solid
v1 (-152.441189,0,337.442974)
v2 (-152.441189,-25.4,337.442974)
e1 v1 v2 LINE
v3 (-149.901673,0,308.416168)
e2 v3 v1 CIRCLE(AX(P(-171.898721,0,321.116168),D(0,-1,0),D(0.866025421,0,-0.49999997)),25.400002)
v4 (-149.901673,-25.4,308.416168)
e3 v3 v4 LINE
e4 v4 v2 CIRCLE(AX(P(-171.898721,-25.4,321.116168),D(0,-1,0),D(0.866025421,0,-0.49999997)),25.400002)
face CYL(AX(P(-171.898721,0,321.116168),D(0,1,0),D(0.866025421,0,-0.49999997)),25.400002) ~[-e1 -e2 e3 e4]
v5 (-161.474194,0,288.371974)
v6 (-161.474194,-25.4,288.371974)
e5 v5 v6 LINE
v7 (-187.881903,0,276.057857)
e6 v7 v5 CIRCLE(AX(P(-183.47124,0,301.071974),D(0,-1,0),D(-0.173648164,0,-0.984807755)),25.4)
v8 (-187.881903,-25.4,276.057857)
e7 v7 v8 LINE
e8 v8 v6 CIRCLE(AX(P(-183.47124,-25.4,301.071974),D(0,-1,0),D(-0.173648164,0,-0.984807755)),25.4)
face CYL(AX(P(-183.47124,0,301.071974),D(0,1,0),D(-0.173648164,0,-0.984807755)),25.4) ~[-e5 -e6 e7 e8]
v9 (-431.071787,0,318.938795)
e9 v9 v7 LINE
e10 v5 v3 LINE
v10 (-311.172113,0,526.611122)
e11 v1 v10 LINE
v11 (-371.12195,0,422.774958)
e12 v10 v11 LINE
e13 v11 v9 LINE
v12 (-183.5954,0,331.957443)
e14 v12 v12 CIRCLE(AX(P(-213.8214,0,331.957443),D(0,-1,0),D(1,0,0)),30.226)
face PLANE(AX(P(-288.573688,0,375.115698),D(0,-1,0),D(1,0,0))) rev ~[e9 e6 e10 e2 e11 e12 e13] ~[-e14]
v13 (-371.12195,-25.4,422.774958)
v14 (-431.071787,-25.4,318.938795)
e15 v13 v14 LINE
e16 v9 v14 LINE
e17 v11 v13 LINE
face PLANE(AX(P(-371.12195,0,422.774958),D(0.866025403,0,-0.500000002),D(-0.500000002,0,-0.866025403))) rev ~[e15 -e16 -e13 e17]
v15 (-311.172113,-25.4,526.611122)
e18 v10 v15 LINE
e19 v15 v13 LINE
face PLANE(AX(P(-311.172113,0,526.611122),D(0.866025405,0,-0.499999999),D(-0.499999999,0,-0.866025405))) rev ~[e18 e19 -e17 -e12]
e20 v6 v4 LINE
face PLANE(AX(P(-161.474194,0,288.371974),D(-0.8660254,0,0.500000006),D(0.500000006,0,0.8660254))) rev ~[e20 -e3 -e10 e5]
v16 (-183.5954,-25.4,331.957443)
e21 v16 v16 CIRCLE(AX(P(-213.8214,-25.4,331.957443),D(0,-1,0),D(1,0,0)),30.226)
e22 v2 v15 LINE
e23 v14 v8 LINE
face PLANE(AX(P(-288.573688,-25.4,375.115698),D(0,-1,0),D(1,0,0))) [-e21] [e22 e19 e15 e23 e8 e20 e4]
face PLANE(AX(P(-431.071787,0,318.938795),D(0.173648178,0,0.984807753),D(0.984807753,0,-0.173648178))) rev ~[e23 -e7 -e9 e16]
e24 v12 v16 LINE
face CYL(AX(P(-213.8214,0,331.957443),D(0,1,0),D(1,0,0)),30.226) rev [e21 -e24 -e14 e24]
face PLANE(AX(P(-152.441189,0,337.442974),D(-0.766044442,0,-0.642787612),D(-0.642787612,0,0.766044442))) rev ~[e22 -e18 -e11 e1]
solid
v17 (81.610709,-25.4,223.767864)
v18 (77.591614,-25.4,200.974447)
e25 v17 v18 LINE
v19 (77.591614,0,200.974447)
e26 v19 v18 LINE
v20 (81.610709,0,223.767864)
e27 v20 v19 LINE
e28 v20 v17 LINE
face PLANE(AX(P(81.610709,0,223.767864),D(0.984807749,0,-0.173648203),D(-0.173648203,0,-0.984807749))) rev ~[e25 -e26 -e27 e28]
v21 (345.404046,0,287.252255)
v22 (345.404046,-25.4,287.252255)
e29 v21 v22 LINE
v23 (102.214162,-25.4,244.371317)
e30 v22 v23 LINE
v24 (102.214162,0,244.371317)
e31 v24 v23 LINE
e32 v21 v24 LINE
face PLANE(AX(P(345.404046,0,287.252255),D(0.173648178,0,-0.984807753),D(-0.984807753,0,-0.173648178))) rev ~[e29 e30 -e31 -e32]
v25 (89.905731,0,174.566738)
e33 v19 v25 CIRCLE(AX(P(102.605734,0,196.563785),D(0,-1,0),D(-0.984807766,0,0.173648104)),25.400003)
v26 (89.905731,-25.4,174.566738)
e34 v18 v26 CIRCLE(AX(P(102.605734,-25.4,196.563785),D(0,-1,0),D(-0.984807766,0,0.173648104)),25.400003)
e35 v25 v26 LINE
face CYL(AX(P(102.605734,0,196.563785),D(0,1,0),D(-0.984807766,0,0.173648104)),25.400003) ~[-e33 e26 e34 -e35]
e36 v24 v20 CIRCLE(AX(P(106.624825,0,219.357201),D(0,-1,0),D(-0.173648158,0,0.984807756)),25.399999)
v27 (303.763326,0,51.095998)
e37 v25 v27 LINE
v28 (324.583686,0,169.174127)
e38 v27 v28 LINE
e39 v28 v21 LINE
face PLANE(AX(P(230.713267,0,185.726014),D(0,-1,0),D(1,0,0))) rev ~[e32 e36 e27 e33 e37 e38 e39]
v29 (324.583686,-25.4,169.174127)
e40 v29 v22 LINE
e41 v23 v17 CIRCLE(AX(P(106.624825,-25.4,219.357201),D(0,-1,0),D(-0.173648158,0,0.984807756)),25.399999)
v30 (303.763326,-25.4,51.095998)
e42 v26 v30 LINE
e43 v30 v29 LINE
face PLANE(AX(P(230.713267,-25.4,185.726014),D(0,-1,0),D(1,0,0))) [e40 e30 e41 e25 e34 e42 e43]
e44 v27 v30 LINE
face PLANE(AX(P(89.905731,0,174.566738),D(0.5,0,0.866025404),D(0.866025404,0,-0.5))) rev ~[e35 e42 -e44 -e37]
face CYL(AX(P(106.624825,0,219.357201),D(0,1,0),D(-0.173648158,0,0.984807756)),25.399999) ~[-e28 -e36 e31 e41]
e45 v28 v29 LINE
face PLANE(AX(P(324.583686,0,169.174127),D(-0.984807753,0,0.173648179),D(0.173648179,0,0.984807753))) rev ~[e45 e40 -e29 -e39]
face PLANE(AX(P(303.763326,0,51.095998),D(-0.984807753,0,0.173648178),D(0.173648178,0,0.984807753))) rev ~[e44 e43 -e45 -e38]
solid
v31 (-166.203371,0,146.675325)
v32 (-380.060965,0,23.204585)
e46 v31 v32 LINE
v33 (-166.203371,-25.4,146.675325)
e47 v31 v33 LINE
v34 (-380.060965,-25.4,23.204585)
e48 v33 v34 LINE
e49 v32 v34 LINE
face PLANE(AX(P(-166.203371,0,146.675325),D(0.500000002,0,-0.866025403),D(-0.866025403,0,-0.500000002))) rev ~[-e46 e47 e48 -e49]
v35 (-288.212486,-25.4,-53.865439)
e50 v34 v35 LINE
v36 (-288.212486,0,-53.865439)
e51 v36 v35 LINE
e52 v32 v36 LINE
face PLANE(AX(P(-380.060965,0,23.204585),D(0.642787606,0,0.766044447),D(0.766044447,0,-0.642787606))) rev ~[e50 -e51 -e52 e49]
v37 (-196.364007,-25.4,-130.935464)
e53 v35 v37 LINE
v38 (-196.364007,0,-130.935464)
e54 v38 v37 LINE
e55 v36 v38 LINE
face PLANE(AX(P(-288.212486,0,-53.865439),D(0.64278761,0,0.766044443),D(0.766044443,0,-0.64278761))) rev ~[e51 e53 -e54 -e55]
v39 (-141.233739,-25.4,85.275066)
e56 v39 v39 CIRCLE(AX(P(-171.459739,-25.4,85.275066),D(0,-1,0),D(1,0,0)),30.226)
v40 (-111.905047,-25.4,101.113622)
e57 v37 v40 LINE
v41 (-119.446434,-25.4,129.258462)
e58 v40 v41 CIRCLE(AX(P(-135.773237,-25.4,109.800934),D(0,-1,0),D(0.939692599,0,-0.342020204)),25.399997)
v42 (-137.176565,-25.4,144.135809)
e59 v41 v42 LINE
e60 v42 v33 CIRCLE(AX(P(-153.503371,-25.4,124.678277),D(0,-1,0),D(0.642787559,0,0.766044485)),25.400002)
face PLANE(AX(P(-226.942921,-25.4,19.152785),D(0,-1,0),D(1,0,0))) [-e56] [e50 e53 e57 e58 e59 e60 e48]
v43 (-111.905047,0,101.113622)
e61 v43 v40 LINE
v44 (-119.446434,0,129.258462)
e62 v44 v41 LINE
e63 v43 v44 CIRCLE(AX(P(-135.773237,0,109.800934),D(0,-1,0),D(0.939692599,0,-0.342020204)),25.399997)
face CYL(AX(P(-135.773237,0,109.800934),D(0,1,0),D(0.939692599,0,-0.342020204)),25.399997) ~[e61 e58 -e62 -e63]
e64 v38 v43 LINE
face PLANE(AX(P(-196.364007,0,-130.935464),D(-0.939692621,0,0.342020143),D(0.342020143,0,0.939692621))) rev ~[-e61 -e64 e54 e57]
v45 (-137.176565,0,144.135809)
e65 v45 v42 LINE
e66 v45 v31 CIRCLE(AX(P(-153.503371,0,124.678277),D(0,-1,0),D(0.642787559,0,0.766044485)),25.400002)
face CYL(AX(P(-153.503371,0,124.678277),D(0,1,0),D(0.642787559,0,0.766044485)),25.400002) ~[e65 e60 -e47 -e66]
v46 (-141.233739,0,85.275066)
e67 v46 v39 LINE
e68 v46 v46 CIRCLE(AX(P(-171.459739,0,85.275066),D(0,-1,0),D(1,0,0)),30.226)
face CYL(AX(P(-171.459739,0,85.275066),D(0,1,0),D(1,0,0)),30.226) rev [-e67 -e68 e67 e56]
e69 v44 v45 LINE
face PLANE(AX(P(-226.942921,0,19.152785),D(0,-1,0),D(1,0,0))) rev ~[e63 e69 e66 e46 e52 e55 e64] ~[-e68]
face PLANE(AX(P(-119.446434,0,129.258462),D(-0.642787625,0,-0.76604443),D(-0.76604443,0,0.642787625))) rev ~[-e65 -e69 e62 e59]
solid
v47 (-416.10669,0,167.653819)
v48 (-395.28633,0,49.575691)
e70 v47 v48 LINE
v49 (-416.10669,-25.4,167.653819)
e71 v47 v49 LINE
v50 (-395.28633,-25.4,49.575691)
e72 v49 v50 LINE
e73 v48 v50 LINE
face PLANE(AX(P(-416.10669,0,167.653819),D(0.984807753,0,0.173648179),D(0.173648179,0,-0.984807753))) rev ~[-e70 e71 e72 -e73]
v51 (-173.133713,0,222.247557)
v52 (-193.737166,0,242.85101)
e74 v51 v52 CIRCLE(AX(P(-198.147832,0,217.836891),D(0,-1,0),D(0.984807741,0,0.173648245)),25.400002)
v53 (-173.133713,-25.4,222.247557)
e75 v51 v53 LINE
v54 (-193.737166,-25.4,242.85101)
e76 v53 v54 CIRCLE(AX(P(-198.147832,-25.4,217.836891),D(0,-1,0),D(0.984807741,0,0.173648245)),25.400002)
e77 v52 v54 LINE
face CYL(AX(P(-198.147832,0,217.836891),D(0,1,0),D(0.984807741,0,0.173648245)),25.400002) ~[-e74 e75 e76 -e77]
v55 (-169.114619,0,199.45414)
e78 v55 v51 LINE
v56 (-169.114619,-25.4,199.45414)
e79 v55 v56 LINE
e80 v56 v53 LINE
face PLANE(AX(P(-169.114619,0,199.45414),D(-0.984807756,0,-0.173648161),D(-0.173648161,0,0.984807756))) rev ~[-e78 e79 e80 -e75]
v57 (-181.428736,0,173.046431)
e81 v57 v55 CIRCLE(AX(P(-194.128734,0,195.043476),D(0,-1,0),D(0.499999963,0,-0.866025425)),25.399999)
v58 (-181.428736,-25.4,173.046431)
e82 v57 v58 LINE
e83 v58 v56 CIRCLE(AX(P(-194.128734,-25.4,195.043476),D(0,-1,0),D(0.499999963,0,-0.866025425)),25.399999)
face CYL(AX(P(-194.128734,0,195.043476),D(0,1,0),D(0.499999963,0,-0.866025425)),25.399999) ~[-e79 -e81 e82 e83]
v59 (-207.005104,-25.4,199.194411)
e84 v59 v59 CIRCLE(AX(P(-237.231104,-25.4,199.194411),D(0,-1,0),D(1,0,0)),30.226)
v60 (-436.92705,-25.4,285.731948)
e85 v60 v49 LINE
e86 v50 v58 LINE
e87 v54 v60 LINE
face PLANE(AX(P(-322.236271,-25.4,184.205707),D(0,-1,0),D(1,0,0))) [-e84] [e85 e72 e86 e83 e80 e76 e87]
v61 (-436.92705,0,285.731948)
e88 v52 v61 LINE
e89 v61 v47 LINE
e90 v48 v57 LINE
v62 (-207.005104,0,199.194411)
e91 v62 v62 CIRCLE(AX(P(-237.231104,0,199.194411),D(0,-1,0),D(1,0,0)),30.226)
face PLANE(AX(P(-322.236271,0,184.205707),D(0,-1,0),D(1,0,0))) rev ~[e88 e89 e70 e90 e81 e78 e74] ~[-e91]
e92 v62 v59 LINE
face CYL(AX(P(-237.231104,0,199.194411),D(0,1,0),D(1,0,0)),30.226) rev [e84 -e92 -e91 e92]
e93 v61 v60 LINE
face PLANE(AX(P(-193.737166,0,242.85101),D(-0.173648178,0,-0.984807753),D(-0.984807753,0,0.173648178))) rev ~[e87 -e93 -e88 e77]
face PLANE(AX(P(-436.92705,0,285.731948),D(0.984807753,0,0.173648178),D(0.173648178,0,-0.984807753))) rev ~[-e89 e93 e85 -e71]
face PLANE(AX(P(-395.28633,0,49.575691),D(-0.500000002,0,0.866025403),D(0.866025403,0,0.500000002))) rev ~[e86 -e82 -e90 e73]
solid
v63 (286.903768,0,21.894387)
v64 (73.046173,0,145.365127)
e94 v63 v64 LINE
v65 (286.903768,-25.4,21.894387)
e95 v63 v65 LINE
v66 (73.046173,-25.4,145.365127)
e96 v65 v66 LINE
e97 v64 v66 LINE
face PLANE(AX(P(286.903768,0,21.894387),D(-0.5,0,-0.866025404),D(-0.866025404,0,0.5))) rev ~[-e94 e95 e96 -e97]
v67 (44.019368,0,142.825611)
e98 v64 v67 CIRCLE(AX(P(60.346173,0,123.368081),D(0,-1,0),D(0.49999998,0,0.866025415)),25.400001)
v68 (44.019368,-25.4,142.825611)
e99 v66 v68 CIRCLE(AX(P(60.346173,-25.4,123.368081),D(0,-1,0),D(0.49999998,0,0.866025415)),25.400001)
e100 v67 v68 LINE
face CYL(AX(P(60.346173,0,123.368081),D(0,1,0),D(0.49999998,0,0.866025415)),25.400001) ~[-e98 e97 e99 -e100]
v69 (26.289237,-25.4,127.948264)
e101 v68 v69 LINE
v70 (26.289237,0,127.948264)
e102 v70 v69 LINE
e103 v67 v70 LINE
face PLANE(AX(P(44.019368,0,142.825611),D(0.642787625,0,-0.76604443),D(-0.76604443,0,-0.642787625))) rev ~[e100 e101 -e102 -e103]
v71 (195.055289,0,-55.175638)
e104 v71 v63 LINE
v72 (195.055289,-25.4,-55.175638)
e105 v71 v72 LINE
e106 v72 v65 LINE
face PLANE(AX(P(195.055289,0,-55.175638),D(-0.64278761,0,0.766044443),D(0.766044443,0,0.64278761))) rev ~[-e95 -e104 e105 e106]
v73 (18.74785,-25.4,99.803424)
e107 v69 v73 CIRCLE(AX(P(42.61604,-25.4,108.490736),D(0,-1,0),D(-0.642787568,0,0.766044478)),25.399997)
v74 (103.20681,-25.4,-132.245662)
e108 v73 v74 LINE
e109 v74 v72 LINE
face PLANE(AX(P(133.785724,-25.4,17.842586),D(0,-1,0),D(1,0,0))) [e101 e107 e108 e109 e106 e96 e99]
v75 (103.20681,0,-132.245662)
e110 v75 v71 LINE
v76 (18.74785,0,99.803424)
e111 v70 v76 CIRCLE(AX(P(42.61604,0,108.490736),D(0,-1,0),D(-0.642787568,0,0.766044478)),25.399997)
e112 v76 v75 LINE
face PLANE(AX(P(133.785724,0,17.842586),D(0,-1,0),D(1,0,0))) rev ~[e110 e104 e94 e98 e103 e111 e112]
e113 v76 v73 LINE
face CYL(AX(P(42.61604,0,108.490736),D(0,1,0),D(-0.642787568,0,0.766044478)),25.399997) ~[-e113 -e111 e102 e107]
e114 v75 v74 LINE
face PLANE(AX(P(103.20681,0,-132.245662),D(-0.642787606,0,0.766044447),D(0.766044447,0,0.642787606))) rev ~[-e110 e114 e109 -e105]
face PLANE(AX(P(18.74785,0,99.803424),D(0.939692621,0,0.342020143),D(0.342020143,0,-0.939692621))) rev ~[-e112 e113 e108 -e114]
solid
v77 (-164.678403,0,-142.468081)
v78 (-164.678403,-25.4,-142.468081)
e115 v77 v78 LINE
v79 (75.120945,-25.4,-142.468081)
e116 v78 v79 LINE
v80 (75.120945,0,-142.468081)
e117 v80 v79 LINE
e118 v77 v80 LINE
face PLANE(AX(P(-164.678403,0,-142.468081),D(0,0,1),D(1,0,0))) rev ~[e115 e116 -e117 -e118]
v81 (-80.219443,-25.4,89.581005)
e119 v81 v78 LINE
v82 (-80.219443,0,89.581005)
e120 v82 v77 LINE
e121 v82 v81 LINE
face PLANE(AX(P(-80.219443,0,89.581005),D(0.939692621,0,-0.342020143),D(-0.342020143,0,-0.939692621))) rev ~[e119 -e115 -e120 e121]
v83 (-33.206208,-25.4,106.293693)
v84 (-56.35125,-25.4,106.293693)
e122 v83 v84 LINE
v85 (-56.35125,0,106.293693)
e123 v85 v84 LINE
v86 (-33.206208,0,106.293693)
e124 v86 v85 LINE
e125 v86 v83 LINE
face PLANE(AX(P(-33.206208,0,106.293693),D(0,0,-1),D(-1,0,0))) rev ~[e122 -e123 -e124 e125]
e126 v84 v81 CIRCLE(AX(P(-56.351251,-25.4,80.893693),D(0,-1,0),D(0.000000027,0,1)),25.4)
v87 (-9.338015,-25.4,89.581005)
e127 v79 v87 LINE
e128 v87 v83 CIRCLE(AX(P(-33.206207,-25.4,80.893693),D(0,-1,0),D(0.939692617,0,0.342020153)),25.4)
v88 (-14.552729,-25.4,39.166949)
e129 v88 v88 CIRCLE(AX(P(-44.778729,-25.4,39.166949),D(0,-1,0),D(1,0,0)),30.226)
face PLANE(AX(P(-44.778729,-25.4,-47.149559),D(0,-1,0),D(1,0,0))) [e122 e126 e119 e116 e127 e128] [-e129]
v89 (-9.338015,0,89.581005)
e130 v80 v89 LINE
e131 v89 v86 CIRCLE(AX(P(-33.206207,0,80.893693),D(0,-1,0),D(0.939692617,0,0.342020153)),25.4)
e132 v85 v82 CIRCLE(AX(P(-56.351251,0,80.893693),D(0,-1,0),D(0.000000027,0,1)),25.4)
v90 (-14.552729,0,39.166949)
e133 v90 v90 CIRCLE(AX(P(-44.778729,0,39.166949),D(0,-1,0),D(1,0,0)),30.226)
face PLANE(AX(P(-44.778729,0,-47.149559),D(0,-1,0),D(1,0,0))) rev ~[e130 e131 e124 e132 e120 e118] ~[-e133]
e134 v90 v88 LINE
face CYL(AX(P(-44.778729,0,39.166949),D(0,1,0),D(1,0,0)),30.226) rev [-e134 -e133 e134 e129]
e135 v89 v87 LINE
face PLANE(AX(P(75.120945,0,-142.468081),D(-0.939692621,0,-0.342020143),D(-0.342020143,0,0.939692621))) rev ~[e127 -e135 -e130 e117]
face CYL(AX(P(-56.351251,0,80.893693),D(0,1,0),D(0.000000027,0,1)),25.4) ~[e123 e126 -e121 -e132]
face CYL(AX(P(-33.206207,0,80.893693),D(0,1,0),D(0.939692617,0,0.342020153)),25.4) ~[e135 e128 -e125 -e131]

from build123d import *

# Parameters (mm, degrees)
F0_R     = 30.226
F1_DEPTH = 25.4


with BuildPart() as f1:
    # F0 (on Front) → F1 (new body)
    with BuildSketch(Plane.XZ):
        with BuildLine():
            Line((-166.203371, 146.675325), (-380.060965, 23.204585))
            Line((-380.060965, 23.204585), (-288.212486, -53.865439))
            Line((-288.212486, -53.865439), (-196.364007, -130.935464))
            Line((-196.364007, -130.935464), (-111.905047, 101.113622))
            ThreePointArc((-111.905047, 101.113622), (-111.238723, 116.374937), (-119.446434, 129.258462))
            Line((-119.446434, 129.258462), (-137.176565, 144.135809))
            ThreePointArc((-137.176565, 144.135809), (-151.289615, 149.981625), (-166.203371, 146.675325))
        make_face()
        with Locations((-171.459739, 85.275066)):
            Circle(F0_R, mode=Mode.SUBTRACT)
        with BuildLine():
            Line((81.610709, 223.767864), (77.591614, 200.974447))
            ThreePointArc((77.591614, 200.974447), (79.585514, 185.829279), (89.905731, 174.566738))
            Line((89.905731, 174.566738), (303.763326, 51.095998))
            Line((303.763326, 51.095998), (324.583686, 169.174127))
            Line((324.583686, 169.174127), (345.404046, 287.252255))
            Line((345.404046, 287.252255), (102.214162, 244.371317))
            ThreePointArc((102.214162, 244.371317), (88.664314, 237.317713), (81.610709, 223.767864))
        make_face()
        with BuildLine():
            ThreePointArc((73.046173, 145.365127), (58.132418, 148.671427), (44.019368, 142.825611))
            Line((44.019368, 142.825611), (26.289237, 127.948264))
            ThreePointArc((26.289237, 127.948264), (18.081526, 115.064739), (18.74785, 99.803424))
            Line((18.74785, 99.803424), (103.20681, -132.245662))
            Line((103.20681, -132.245662), (195.055289, -55.175638))
            Line((195.055289, -55.175638), (286.903768, 21.894387))
            Line((286.903768, 21.894387), (73.046173, 145.365127))
        make_face()
        with BuildLine():
            Line((-193.737166, 242.85101), (-436.92705, 285.731948))
            Line((-436.92705, 285.731948), (-416.10669, 167.653819))
            Line((-416.10669, 167.653819), (-395.28633, 49.575691))
            Line((-395.28633, 49.575691), (-181.428736, 173.046431))
            ThreePointArc((-181.428736, 173.046431), (-171.108518, 184.308972), (-169.114619, 199.45414))
            Line((-169.114619, 199.45414), (-173.133713, 222.247557))
            ThreePointArc((-173.133713, 222.247557), (-180.187318, 235.797405), (-193.737166, 242.85101))
        make_face()
        with Locations((-237.231104, 199.194411)):
            Circle(F0_R, mode=Mode.SUBTRACT)
        with BuildLine():
            Line((-80.219443, 89.581005), (-164.678403, -142.468081))
            Line((-164.678403, -142.468081), (-44.778729, -142.468081))
            Line((-44.778729, -142.468081), (75.120945, -142.468081))
            Line((75.120945, -142.468081), (-9.338015, 89.581005))
            ThreePointArc((-9.338015, 89.581005), (-18.637366, 101.700155), (-33.206208, 106.293693))
            Line((-33.206208, 106.293693), (-56.35125, 106.293693))
            ThreePointArc((-56.35125, 106.293693), (-70.920092, 101.700155), (-80.219443, 89.581005))
        make_face()
        with Locations((-44.778729, 39.166949)):
            Circle(F0_R, mode=Mode.SUBTRACT)
        with BuildLine():
            Line((-371.12195, 422.774958), (-431.071787, 318.938795))
            Line((-431.071787, 318.938795), (-187.881903, 276.057857))
            ThreePointArc((-187.881903, 276.057857), (-172.736736, 278.051756), (-161.474194, 288.371974))
            Line((-161.474194, 288.371974), (-149.901673, 308.416168))
            ThreePointArc((-149.901673, 308.416168), (-146.595373, 323.329924), (-152.441189, 337.442974))
            Line((-152.441189, 337.442974), (-311.172113, 526.611122))
            Line((-311.172113, 526.611122), (-371.12195, 422.774958))
        make_face()
        with Locations((-213.8214, 331.957443)):
            Circle(F0_R, mode=Mode.SUBTRACT)
    extrude(amount=F1_DEPTH)


solid = f1.part
